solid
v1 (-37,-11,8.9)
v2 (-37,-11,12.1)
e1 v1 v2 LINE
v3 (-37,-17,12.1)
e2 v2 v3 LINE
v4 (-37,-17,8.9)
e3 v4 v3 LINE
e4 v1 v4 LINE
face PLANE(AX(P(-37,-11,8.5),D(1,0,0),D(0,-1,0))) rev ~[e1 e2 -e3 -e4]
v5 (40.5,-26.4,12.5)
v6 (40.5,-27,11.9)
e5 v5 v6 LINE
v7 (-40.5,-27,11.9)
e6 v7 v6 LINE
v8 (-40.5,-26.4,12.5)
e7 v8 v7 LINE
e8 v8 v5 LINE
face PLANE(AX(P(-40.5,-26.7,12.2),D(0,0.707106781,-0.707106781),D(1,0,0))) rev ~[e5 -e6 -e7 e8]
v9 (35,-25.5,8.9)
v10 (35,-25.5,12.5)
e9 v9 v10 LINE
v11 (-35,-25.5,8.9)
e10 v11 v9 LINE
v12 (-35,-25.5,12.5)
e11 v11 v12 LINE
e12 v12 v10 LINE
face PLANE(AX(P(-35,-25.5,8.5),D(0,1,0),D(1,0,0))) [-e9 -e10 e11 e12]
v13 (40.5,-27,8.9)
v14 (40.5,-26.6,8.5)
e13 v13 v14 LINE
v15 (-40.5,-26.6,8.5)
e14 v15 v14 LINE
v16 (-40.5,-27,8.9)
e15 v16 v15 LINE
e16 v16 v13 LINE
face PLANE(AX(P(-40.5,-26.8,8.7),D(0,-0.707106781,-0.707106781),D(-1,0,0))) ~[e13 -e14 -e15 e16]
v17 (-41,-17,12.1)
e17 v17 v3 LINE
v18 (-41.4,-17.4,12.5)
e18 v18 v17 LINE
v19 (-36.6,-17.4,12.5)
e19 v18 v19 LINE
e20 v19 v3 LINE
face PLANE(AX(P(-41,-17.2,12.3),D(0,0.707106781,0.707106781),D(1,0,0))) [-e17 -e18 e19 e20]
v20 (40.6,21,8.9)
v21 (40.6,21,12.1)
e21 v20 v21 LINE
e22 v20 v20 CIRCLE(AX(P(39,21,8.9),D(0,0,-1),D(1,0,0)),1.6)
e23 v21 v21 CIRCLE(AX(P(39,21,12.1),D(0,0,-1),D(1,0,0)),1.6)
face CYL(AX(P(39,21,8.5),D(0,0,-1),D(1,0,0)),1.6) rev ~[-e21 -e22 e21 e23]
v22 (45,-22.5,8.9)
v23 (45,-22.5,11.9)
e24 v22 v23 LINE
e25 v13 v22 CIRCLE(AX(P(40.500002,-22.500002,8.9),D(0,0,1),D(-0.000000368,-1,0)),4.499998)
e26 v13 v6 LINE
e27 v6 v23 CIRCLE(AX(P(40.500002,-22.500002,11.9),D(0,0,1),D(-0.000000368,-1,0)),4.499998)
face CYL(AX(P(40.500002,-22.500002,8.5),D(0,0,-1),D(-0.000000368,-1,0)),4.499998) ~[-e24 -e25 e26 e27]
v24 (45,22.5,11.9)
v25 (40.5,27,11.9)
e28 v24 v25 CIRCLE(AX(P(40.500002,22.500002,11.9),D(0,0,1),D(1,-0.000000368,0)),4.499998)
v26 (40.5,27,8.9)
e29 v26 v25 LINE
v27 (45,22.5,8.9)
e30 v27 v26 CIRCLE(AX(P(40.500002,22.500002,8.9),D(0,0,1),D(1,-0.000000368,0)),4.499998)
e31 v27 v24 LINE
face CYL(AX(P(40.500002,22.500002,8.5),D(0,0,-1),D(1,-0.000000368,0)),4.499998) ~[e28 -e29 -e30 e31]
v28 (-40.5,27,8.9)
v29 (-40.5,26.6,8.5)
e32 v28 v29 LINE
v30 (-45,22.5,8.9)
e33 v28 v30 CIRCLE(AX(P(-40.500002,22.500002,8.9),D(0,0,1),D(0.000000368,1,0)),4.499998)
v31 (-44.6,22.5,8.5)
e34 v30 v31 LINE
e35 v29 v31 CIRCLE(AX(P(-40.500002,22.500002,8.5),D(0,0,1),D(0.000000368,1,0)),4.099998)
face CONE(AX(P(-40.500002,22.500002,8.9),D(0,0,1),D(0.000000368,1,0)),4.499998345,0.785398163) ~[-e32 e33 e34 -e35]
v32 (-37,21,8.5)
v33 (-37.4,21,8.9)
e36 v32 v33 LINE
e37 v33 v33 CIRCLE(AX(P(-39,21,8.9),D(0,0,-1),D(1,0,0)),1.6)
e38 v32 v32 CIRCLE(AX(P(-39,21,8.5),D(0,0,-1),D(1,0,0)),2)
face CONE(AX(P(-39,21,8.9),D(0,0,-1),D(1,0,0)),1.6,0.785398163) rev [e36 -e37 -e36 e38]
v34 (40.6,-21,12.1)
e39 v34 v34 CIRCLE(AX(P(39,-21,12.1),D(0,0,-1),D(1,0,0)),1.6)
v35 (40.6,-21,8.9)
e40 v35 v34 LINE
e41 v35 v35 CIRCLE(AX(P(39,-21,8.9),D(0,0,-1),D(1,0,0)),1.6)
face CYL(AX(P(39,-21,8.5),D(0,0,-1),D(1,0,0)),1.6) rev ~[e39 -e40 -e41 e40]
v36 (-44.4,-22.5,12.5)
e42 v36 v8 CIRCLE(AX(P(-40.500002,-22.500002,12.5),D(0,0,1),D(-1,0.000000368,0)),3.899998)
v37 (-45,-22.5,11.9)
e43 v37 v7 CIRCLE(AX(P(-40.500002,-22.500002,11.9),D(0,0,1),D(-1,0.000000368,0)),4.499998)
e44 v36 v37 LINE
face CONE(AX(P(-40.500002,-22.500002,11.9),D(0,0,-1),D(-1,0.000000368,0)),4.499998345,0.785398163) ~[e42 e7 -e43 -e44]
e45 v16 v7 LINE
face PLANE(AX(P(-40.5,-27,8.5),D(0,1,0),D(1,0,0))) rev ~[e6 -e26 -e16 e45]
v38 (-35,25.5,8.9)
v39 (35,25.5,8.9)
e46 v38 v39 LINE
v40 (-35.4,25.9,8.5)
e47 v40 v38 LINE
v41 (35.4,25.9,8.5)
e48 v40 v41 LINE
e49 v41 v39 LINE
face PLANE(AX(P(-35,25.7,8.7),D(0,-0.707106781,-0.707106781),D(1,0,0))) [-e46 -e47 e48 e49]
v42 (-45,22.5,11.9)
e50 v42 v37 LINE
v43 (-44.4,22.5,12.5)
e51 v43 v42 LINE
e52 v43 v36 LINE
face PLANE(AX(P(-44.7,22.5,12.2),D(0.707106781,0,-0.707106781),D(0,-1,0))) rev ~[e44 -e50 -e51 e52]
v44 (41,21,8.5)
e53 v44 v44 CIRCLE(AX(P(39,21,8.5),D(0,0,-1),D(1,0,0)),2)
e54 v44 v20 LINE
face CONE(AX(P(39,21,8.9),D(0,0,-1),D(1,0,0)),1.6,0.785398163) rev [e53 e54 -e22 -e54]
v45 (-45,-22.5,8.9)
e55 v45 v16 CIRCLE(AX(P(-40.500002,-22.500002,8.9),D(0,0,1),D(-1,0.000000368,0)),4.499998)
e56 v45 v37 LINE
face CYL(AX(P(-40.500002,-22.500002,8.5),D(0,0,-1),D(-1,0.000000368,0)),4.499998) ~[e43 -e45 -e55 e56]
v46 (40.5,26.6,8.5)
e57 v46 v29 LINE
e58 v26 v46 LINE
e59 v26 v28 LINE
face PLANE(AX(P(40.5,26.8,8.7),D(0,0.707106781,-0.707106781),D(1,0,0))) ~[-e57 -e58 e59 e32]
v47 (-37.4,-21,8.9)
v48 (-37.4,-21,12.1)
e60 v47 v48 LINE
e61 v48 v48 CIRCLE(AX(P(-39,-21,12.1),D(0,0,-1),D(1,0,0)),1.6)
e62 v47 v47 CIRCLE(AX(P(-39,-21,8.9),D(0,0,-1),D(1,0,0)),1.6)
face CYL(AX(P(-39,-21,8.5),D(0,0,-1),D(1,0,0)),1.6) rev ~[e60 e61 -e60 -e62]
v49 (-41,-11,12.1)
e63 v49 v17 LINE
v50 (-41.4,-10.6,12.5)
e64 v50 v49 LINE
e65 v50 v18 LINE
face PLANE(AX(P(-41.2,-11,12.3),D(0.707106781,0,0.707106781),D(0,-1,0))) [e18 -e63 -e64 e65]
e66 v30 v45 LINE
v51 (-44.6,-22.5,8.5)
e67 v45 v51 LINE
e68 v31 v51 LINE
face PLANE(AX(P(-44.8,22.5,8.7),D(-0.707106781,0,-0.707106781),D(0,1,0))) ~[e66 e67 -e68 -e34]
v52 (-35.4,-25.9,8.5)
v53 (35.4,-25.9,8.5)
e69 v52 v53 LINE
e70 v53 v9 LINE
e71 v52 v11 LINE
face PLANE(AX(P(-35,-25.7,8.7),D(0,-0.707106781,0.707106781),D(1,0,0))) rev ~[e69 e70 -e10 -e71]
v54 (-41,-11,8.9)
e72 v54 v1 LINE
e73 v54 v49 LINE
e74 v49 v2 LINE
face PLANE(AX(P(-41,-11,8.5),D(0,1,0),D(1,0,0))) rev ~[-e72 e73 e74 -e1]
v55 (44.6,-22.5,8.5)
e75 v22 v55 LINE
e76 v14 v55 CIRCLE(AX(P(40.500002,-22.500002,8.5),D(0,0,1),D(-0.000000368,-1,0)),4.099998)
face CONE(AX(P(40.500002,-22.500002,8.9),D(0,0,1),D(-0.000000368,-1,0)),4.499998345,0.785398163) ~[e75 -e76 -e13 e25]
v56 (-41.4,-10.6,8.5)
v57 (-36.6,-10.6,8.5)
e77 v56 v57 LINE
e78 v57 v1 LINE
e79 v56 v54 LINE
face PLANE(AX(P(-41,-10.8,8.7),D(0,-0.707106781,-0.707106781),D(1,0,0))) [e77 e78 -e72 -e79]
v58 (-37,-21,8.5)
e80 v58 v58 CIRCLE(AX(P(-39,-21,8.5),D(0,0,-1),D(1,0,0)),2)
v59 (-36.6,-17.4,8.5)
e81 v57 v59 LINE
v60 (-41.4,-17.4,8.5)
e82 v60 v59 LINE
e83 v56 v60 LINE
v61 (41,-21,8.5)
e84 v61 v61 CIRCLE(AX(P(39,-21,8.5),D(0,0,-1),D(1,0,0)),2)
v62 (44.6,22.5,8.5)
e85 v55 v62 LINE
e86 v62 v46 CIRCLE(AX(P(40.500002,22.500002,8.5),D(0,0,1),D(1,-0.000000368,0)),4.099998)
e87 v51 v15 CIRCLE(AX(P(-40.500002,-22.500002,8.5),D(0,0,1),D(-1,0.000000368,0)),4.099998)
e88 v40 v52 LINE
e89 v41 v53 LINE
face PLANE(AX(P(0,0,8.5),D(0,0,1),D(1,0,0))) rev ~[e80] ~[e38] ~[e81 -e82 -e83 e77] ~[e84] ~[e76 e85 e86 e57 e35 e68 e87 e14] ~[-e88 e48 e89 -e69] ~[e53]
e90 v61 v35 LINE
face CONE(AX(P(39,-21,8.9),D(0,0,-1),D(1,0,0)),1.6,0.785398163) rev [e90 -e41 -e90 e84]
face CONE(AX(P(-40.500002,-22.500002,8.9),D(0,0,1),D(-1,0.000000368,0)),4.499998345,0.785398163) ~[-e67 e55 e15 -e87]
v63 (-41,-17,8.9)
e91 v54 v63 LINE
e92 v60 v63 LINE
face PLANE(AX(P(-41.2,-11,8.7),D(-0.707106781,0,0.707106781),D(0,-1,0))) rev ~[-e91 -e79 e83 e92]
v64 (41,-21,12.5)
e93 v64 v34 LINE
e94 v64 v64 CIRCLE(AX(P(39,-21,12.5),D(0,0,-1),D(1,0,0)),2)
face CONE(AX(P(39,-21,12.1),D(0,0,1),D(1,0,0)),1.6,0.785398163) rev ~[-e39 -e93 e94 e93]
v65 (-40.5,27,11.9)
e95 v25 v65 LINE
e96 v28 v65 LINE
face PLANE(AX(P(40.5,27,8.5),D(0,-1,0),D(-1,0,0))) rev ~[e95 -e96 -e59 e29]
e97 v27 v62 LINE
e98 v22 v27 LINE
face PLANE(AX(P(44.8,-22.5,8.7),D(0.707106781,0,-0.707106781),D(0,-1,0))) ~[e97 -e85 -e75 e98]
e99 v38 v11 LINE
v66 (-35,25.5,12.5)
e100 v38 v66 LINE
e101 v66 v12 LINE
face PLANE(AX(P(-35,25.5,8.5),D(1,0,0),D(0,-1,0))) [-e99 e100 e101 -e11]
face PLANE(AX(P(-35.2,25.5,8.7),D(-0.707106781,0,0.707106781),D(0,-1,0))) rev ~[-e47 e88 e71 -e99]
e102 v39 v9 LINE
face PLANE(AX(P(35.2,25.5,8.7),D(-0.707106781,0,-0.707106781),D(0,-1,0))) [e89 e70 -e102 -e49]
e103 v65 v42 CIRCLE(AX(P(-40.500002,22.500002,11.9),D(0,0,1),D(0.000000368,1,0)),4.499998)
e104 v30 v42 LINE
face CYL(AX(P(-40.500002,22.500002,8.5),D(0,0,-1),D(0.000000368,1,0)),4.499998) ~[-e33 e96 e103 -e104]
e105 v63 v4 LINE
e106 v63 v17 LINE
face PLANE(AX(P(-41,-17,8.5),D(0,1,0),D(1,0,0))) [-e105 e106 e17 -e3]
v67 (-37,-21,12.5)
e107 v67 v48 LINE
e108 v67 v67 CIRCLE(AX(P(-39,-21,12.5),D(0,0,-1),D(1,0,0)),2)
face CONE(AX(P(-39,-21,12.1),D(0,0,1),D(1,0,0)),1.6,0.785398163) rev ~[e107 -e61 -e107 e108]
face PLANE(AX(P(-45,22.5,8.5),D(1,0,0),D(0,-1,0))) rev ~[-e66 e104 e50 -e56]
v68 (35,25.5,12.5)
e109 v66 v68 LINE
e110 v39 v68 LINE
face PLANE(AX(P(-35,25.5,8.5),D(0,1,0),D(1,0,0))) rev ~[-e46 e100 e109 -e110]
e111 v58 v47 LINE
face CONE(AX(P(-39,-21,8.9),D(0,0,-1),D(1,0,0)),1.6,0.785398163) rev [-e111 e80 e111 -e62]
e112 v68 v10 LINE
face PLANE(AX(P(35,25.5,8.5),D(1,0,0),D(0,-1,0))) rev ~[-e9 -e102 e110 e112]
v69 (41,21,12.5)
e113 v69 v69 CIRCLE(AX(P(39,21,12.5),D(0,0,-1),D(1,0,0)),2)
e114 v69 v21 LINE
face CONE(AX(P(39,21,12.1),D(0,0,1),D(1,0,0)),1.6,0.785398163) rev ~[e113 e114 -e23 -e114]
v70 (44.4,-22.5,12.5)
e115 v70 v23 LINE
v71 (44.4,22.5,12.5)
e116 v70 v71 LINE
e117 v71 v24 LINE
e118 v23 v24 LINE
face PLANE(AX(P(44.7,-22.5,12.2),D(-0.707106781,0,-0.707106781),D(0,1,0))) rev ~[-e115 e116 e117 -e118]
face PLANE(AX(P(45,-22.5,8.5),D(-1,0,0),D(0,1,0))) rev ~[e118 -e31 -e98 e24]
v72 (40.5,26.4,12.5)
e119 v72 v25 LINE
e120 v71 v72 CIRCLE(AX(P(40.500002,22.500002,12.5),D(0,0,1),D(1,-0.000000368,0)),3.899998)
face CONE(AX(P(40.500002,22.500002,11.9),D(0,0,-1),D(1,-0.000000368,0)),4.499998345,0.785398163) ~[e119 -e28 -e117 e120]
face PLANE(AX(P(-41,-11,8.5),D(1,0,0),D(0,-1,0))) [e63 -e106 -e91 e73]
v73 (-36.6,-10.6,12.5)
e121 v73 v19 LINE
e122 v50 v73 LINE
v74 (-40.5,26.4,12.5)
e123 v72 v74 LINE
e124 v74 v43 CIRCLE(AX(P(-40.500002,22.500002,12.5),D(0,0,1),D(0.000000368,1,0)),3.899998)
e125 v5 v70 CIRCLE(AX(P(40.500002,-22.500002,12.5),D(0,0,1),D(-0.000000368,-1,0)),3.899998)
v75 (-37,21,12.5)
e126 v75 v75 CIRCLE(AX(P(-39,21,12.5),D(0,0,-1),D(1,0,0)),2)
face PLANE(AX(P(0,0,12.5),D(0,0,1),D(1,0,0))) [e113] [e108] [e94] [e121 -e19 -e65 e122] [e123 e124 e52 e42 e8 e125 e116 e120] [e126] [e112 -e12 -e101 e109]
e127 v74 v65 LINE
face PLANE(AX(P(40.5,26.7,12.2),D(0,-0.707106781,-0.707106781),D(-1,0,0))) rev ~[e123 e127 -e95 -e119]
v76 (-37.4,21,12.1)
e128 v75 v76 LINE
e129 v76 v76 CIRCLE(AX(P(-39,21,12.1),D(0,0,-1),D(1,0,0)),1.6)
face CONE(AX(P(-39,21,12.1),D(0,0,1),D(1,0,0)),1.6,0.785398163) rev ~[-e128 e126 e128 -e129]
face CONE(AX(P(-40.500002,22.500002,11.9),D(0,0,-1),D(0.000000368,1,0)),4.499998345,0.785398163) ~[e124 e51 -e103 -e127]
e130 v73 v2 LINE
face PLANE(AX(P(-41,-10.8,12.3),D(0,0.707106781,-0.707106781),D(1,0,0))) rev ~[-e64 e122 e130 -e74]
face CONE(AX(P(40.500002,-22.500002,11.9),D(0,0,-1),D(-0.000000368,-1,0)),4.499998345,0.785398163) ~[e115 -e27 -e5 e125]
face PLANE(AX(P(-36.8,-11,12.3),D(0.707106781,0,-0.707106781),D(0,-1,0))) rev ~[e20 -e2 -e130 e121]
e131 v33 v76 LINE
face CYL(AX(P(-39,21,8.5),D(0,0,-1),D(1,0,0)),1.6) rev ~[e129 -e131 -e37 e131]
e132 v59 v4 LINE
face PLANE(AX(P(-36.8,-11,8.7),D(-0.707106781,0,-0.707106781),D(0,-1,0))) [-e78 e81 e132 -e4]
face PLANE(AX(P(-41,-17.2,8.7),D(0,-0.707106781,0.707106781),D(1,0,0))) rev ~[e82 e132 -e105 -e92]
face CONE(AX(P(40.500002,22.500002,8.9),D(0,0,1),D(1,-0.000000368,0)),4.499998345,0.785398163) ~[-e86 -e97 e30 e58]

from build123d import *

# Parameters (mm, degrees)
PAD007_DEPTH    = 4
SKETCH018_R     = 1.6
SKETCH018_W     = 70
SKETCH018_H     = 51
SKETCH018_W_2   = 4
SKETCH018_H_2   = 6
POCKET005_DEPTH = 4
CHAMFER006_SIZE = 0.4
CHAMFER009_SIZE = 0.6


with BuildPart() as part:
    # Sketch017 → Pad007 (new body)
    with BuildSketch(Plane.XY):
        with BuildLine():
            Line((-40.5, -27), (40.5, -27))
            ThreePointArc((40.5, -27), (43.681981, -25.681981), (45, -22.5))
            Line((45, -22.5), (45, 22.5))
            ThreePointArc((45, 22.5), (43.681981, 25.681981), (40.5, 27))
            Line((40.5, 27), (-40.5, 27))
            ThreePointArc((-40.5, 27), (-43.681981, 25.681981), (-45, 22.5))
            Line((-45, 22.5), (-45, -22.5))
            ThreePointArc((-45, -22.5), (-43.681981, -25.681981), (-40.5, -27))
        make_face()
    extrude(amount=PAD007_DEPTH)

    # Sketch018 (on Face9 of Pad007) → Pocket005 (cut)
    with BuildSketch(Plane(origin=(0, 0, 0), x_dir=(1, 0, 0), z_dir=(0, 0, -1))):
        with Locations((-39, 21)):
            Circle(SKETCH018_R)
        with Locations((39, 21)):
            Circle(SKETCH018_R)
        with Locations((39, -21)):
            Circle(SKETCH018_R)
        with Locations((-39, -21)):
            Circle(SKETCH018_R)
        Rectangle(SKETCH018_W, SKETCH018_H)
        with Locations((-39, 14)):
            Rectangle(SKETCH018_W_2, SKETCH018_H_2)
    extrude(amount=-POCKET005_DEPTH, mode=Mode.SUBTRACT)

    # Chamfer006
    chamfer006_edges = [part.edges().sort_by_distance(p)[0] for p in [
        (0, -27, 0),
        (-43.681981, -25.681981, 0),
        (43.681981, -25.681981, 0),
        (-45, 0, 0),
        (45, 0, 0),
        (-43.681981, 25.681981, 0),
        (43.681981, 25.681981, 0),
        (0, 27, 0),
        (-40.6, -21, 0),
        (-41, -14, 0),
        (-39, -17, 0),
        (-37, -14, 0),
        (-39, -11, 0),
        (37.4, -21, 0),
        (-40.6, 21, 0),
        (-35, 0, 0),
        (0, -25.5, 0),
        (35, 0, 0),
        (0, 25.5, 0),
        (37.4, 21, 0),
        (-40.6, -21, 4),
        (-39, -17, 4),
        (-41, -14, 4),
        (-39, -11, 4),
        (-37, -14, 4),
        (-40.6, 21, 4),
        (37.4, 21, 4),
        (37.4, -21, 4),
    ]]
    chamfer(chamfer006_edges, length=CHAMFER006_SIZE)

    # Chamfer009
    chamfer009_edges = [part.edges().sort_by_distance(p)[0] for p in [
        (-45, 0, 4),
    ]]
    chamfer(chamfer009_edges, length=CHAMFER009_SIZE)


with BuildPart() as part_1:
    # Body001 placement: moved
    add(part.part.moved(Location((0, 0, 8.5))))


solid = part_1.part
